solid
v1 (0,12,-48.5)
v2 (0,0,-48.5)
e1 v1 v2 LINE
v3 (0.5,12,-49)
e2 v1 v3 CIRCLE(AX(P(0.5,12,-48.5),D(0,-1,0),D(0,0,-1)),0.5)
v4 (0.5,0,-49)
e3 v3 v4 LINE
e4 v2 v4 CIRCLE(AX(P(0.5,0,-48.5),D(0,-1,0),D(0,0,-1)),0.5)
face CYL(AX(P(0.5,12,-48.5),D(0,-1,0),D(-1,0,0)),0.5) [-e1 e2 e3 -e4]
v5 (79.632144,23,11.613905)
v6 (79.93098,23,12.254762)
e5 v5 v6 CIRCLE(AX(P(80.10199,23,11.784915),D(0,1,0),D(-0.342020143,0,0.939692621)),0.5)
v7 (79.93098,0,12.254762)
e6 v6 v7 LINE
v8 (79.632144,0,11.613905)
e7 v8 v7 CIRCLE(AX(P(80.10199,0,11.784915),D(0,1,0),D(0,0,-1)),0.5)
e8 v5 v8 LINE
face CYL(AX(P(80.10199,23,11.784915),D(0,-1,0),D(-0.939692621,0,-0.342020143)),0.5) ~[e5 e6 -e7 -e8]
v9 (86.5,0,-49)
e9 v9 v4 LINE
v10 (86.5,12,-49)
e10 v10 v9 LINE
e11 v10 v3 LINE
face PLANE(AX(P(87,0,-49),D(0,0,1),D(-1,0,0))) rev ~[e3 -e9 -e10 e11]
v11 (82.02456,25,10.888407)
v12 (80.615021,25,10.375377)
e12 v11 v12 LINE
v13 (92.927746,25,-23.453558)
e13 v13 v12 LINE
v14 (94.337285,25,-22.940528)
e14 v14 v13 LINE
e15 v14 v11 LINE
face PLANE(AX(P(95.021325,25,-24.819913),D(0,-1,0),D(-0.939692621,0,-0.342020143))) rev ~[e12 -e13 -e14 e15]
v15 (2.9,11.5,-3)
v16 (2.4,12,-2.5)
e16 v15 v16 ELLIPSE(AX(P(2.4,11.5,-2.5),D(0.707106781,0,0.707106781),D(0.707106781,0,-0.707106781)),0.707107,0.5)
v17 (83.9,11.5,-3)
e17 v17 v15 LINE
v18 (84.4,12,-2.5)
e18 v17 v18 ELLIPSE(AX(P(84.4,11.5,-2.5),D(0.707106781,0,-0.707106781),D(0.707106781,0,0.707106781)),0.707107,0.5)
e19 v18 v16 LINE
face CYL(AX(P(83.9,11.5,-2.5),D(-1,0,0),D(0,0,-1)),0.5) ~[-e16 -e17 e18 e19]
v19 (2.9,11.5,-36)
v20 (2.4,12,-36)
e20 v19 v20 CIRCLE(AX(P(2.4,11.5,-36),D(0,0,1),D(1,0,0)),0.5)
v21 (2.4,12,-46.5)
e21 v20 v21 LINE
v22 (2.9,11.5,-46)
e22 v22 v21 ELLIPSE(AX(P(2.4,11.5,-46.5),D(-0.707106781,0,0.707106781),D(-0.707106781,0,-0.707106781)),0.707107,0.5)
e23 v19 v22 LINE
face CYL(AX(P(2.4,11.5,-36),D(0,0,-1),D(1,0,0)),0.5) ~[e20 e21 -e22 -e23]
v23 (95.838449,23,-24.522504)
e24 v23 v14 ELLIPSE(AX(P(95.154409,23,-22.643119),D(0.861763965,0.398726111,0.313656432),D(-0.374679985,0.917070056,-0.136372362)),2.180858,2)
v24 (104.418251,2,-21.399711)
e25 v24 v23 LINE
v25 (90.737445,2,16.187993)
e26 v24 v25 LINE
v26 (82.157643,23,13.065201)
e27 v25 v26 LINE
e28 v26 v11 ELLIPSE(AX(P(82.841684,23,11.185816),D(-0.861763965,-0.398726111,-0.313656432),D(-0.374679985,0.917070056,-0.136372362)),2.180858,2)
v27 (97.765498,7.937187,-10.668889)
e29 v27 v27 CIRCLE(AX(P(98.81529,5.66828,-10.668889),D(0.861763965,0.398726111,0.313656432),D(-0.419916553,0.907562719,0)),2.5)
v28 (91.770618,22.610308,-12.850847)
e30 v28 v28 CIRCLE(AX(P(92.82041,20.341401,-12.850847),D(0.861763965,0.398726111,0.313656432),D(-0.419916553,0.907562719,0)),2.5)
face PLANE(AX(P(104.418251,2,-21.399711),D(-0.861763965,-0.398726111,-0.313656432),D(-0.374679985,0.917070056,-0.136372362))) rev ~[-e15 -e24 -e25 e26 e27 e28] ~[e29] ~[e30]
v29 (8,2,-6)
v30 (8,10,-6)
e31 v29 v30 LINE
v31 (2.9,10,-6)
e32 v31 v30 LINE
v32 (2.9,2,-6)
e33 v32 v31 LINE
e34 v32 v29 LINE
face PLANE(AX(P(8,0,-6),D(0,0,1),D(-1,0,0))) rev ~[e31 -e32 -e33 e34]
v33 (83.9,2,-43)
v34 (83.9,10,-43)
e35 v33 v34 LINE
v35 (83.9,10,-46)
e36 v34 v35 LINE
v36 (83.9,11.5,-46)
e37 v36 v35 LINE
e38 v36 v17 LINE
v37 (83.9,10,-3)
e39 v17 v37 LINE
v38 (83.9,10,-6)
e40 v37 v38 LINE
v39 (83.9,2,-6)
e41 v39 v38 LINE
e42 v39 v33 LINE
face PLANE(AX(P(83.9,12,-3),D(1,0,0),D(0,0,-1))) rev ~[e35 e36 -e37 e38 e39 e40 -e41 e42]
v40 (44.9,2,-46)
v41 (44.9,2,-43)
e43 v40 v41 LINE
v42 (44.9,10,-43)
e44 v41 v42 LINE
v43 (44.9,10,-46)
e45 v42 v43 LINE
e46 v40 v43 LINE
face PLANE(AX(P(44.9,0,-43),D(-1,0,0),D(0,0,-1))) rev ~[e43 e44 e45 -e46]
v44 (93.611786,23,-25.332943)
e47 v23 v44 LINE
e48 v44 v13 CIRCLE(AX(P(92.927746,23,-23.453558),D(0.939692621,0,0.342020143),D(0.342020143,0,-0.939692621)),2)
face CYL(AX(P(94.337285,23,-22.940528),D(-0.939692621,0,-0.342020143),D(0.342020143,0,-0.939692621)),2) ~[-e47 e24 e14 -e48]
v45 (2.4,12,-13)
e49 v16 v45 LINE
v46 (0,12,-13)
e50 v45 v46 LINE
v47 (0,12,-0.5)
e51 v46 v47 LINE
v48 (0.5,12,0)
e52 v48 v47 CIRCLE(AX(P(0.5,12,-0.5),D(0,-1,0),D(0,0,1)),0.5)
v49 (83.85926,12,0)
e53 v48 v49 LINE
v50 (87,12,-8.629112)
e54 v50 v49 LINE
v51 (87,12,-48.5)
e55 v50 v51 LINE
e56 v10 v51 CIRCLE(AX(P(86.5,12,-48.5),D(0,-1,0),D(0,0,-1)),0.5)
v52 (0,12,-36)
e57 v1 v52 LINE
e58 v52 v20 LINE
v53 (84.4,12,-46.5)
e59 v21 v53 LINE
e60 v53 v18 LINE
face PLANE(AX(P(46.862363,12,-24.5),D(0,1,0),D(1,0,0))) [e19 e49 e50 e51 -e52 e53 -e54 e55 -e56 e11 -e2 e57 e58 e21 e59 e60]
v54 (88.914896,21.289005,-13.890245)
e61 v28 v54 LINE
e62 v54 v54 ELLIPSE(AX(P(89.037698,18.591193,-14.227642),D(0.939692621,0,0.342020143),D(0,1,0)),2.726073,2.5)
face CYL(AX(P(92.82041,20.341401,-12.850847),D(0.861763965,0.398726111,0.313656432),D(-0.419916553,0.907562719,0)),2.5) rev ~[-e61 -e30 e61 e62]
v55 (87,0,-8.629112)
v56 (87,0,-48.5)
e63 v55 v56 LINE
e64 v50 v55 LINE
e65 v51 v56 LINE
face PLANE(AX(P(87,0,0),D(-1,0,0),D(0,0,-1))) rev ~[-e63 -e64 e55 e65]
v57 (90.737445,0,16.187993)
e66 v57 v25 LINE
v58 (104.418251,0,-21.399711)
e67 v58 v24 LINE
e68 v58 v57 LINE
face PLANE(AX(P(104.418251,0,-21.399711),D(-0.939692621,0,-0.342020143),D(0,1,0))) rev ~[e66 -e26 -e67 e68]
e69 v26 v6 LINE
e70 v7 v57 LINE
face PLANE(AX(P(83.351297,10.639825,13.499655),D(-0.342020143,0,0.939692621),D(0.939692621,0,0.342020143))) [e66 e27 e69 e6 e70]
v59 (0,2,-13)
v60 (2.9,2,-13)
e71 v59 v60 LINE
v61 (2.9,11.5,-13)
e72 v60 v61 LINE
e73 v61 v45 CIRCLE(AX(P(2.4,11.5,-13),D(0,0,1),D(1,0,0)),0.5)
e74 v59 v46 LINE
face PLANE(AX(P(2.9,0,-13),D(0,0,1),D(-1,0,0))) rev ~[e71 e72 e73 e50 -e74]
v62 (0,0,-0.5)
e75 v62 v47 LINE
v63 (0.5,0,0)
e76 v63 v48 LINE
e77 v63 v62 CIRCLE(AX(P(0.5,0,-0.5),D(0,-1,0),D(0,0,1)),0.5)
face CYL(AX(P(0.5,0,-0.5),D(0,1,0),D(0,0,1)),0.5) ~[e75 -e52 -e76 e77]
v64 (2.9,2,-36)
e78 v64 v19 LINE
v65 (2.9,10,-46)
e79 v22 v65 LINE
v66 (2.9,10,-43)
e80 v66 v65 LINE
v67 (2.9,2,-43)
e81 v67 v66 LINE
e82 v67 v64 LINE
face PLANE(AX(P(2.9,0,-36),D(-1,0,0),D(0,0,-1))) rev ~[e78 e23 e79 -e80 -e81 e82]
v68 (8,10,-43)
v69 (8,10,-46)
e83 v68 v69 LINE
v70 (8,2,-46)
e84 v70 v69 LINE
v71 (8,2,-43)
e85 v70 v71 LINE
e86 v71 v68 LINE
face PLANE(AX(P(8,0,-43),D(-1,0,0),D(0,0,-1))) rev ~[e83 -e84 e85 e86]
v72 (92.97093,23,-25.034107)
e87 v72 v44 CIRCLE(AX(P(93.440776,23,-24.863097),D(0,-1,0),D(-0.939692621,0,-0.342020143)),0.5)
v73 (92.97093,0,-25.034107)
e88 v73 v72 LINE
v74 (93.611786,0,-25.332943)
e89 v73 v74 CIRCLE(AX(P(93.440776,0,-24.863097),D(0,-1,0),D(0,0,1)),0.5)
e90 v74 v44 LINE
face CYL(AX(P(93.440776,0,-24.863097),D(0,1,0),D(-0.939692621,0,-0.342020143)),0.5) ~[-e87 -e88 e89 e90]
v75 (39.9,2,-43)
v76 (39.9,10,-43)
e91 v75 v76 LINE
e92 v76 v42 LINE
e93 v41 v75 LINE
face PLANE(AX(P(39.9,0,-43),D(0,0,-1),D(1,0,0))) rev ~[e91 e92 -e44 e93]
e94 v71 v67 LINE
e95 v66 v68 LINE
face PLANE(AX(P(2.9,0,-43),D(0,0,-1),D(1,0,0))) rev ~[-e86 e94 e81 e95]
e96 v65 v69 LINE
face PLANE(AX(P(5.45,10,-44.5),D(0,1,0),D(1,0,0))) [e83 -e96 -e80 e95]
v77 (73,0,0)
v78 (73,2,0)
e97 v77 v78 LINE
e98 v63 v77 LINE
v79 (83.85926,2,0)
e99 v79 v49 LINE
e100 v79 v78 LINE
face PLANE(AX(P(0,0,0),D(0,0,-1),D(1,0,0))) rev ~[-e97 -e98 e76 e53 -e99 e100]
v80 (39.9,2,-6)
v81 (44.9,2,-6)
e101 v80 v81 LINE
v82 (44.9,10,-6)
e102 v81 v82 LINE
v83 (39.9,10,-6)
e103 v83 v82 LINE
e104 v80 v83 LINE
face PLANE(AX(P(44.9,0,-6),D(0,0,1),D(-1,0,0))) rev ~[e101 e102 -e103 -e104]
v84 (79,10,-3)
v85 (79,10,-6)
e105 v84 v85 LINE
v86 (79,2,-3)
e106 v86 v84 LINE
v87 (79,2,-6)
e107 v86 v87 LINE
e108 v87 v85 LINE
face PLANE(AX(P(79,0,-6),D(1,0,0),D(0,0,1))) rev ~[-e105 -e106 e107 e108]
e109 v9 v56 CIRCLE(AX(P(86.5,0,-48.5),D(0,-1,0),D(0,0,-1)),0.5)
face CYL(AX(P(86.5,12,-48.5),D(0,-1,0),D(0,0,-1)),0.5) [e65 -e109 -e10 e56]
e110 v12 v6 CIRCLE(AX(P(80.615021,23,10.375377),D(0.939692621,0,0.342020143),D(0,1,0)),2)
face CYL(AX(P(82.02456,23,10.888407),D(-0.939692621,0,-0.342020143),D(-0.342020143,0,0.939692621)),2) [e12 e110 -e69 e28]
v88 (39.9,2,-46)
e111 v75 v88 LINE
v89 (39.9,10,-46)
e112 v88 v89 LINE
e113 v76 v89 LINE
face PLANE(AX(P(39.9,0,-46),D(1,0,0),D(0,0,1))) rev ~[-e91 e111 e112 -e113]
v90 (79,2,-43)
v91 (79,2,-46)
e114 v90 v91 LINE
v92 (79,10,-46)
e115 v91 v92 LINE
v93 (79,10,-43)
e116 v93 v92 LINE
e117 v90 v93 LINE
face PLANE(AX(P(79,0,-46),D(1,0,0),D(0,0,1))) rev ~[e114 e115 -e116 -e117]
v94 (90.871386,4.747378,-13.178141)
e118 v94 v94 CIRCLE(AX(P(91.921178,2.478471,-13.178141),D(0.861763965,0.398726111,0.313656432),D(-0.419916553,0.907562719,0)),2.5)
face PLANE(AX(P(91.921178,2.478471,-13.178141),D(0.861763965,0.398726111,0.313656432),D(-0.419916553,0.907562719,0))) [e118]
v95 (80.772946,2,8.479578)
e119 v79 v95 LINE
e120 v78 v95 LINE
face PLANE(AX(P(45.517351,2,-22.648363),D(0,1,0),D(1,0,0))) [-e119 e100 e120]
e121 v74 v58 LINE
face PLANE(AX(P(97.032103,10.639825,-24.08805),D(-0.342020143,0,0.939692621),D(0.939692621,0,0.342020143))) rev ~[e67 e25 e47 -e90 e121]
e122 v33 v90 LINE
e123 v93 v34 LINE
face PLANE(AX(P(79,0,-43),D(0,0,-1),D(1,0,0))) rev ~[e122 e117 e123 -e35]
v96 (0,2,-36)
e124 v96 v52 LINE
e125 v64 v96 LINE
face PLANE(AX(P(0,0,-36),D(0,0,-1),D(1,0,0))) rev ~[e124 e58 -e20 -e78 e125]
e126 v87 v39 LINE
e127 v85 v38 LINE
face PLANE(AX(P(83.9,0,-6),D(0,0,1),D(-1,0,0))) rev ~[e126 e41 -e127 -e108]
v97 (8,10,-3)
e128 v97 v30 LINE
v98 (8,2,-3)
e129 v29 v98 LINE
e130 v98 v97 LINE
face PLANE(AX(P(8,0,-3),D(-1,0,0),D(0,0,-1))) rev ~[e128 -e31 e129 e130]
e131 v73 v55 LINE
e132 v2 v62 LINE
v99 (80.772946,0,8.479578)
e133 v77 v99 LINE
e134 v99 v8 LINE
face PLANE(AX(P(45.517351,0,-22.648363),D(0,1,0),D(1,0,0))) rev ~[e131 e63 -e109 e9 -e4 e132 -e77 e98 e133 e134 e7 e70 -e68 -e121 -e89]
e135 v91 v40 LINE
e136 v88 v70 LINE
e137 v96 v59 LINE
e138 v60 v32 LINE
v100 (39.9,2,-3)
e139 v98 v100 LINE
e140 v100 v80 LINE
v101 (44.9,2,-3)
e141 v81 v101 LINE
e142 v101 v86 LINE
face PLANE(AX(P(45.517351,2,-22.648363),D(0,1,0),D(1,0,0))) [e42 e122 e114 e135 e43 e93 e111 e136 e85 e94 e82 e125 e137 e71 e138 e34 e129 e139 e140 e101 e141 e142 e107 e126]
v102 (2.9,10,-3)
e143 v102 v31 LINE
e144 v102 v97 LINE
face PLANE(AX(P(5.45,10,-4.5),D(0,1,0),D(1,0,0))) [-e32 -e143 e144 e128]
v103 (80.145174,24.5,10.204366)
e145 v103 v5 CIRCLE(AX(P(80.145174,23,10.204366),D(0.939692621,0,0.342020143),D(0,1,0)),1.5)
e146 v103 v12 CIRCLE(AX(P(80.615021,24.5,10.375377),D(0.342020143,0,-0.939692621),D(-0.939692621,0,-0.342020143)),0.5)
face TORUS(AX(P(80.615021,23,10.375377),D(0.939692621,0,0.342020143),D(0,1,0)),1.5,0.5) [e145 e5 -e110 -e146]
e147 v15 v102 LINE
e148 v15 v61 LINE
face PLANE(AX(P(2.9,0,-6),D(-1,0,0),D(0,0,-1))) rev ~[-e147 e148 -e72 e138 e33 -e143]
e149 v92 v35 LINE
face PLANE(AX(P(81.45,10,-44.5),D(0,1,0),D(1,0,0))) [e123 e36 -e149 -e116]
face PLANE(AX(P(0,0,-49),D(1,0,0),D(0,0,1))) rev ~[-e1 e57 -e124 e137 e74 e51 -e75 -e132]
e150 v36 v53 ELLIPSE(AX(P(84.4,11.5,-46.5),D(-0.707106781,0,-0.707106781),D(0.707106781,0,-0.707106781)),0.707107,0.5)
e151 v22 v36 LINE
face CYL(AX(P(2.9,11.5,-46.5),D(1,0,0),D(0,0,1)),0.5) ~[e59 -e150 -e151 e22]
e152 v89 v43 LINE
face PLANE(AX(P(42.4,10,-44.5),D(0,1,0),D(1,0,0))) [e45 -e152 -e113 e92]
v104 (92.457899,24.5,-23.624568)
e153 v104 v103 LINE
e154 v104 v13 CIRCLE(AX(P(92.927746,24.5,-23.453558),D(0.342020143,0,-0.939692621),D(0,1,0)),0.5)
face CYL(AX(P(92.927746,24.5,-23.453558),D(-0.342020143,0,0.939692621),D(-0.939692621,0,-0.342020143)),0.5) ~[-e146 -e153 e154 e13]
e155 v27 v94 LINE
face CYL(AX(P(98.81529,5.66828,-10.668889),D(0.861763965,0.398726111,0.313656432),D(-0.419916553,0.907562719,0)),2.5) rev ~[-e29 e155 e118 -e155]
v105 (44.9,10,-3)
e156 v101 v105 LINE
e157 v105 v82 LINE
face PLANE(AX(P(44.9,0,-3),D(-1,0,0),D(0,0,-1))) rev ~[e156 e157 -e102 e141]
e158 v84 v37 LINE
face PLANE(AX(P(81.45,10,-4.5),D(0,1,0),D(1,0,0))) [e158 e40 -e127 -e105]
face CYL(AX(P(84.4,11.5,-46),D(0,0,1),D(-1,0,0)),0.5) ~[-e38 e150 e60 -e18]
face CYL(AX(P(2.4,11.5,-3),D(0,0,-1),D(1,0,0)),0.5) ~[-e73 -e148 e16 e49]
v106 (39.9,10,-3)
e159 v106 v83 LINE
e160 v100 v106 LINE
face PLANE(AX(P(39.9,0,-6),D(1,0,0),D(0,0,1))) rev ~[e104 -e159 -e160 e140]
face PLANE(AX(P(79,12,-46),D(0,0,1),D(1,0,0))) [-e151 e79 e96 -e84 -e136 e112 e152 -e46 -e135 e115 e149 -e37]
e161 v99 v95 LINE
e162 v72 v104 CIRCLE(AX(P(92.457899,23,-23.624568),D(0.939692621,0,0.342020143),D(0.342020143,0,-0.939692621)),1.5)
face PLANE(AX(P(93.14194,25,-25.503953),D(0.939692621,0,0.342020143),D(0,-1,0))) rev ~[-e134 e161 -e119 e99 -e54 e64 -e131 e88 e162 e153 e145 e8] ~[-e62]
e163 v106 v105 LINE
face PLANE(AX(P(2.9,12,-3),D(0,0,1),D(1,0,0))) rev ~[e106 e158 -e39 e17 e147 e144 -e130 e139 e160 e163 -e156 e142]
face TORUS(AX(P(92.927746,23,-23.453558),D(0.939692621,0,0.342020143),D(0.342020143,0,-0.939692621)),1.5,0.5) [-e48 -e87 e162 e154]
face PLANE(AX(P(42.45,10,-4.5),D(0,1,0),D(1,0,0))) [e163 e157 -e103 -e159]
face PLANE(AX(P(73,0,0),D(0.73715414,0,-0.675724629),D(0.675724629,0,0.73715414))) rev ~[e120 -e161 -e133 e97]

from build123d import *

# Parameters (mm, degrees)
BOSS_EXTRUDE1_DEPTH   = 40
BODY_MOVE_COPY1_ANGLE = 20
BOSS_EXTRUDE2_DEPTH   = 2
BOSS_EXTRUDE3_DEPTH   = 12
SKETCH4_R             = 2.5
CUT_EXTRUDE2_DEPTH    = 8
FILLET1_R             = 2
SKETCH10_W            = 4.9
SKETCH10_H            = 3
SKETCH10_W_2          = 5.1
SKETCH10_W_3          = 5
CUT_EXTRUDE4_DEPTH    = 2
FILLET2_R             = 0.5


with BuildPart() as part:
    # Sketch2 → Boss-Extrude1 (new body)
    with BuildSketch(Plane.XY):
        Polygon((90, 0), (102, 0), (102, 2), (92, 25), (90, 25), align=None)
    extrude(amount=BOSS_EXTRUDE1_DEPTH)


with BuildPart() as part_1:
    # Body-Move/Copy1: moved
    add(part.part.rotate(Axis((95, 0, 20), (0, -1, 0)), BODY_MOVE_COPY1_ANGLE))


with BuildPart() as part_2:
    # Body-Move/Copy2: moved
    add(part_1.part.moved(Location((-4, 0, -25))))

    # Sketch1 → Boss-Extrude2 (add)
    with BuildSketch(Plane(origin=(0, 0, 0), x_dir=(1, 0, 0), z_dir=(0, 1, 0))):
        Polygon((0, 49), (0, 0), (73, 0), (84, -12), (87, 0), (87, 49), align=None)
    extrude(amount=BOSS_EXTRUDE2_DEPTH)

    # Sketch1<4> → Boss-Extrude3 (add)
    with BuildSketch(Plane(origin=(0, 0, 0), x_dir=(1, 0, 0), z_dir=(0, 1, 0))):
        Polygon((8, 43), (8, 46), (39.9, 46), (39.9, 43), (44.9, 43), (44.9, 46), (79, 46), (79, 43), (83.9, 43), (83.9, 6), (79, 6), (79, 3), (44.9, 3), (44.9, 6), (39.9, 6), (39.9, 3), (8, 3), (8, 6), (2.9, 6), (2.9, 13), (0, 13), (0, 0), (73, 0), (87, 0), (87, 49), (0, 49), (0, 36), (2.9, 36), (2.9, 43), align=None)
    extrude(amount=BOSS_EXTRUDE3_DEPTH)

    # Sketch4 → Cut-Extrude2 (cut)
    with BuildSketch(Plane(origin=(72.447790922, 33.520577724, 26.368839434), x_dir=(0.30020671045987535, 0.09758957417323016, -0.948868908757974), z_dir=(0.8617639646050662, 0.3987261114144503, 0.31365643207890637))):
        with Locations(Location((42.044187921, -18.952687866, 0), (0, 0, 92.148700458))):
            Circle(SKETCH4_R)
        with Locations(Location((40.341555526, -34.861837527, 0), (0, 0, 92.148700458))):
            Circle(SKETCH4_R)
    extrude(amount=-CUT_EXTRUDE2_DEPTH, mode=Mode.SUBTRACT)

    # Fillet1
    fillet1_edges = [part_2.edges().sort_by_distance(p)[0] for p in [
        (80.40082665, 25, 12.425771842),
        (94.081632383, 25, -25.161932989),
    ]]
    fillet(fillet1_edges, radius=FILLET1_R)

    # Sketch10 → Cut-Extrude4 (cut)
    with BuildSketch(Plane(origin=(0, 12, 0), x_dir=(1, 0, 0), z_dir=(0, 1, 0))):
        with Locations((81.45, 4.5)):
            Rectangle(SKETCH10_W, SKETCH10_H)
        with Locations((42.45, 4.5)):
            Rectangle(SKETCH10_W_2, SKETCH10_H)
        with Locations((42.4, 44.5)):
            Rectangle(SKETCH10_W_3, SKETCH10_H)
        with Locations((81.45, 44.5)):
            Rectangle(SKETCH10_W, SKETCH10_H)
        with Locations((5.45, 44.5)):
            Rectangle(SKETCH10_W_2, SKETCH10_H)
        with Locations((5.45, 4.5)):
            Rectangle(SKETCH10_W_2, SKETCH10_H)
    extrude(amount=-CUT_EXTRUDE4_DEPTH, mode=Mode.SUBTRACT)

    # Fillet2
    fillet2_edges = [part_2.edges().sort_by_distance(p)[0] for p in [
        (86.301536896, 25, -6.710100717),
        (79.46113403, 11.5, 12.083751699),
        (93.141939763, 11.5, -25.503953132),
        (79.661484791, 24.414213562, 11.533292506),
        (92.941589001, 24.414213562, -24.95349394),
        (87, 6, -49),
        (0, 6, -49),
        (0, 6, 0),
        (2.9, 12, -41),
        (43.4, 12, -46),
        (83.9, 12, -24.5),
        (2.9, 12, -8),
        (43.4, 12, -3),
    ]]
    fillet(fillet2_edges, radius=FILLET2_R)


solid = part_2.part
